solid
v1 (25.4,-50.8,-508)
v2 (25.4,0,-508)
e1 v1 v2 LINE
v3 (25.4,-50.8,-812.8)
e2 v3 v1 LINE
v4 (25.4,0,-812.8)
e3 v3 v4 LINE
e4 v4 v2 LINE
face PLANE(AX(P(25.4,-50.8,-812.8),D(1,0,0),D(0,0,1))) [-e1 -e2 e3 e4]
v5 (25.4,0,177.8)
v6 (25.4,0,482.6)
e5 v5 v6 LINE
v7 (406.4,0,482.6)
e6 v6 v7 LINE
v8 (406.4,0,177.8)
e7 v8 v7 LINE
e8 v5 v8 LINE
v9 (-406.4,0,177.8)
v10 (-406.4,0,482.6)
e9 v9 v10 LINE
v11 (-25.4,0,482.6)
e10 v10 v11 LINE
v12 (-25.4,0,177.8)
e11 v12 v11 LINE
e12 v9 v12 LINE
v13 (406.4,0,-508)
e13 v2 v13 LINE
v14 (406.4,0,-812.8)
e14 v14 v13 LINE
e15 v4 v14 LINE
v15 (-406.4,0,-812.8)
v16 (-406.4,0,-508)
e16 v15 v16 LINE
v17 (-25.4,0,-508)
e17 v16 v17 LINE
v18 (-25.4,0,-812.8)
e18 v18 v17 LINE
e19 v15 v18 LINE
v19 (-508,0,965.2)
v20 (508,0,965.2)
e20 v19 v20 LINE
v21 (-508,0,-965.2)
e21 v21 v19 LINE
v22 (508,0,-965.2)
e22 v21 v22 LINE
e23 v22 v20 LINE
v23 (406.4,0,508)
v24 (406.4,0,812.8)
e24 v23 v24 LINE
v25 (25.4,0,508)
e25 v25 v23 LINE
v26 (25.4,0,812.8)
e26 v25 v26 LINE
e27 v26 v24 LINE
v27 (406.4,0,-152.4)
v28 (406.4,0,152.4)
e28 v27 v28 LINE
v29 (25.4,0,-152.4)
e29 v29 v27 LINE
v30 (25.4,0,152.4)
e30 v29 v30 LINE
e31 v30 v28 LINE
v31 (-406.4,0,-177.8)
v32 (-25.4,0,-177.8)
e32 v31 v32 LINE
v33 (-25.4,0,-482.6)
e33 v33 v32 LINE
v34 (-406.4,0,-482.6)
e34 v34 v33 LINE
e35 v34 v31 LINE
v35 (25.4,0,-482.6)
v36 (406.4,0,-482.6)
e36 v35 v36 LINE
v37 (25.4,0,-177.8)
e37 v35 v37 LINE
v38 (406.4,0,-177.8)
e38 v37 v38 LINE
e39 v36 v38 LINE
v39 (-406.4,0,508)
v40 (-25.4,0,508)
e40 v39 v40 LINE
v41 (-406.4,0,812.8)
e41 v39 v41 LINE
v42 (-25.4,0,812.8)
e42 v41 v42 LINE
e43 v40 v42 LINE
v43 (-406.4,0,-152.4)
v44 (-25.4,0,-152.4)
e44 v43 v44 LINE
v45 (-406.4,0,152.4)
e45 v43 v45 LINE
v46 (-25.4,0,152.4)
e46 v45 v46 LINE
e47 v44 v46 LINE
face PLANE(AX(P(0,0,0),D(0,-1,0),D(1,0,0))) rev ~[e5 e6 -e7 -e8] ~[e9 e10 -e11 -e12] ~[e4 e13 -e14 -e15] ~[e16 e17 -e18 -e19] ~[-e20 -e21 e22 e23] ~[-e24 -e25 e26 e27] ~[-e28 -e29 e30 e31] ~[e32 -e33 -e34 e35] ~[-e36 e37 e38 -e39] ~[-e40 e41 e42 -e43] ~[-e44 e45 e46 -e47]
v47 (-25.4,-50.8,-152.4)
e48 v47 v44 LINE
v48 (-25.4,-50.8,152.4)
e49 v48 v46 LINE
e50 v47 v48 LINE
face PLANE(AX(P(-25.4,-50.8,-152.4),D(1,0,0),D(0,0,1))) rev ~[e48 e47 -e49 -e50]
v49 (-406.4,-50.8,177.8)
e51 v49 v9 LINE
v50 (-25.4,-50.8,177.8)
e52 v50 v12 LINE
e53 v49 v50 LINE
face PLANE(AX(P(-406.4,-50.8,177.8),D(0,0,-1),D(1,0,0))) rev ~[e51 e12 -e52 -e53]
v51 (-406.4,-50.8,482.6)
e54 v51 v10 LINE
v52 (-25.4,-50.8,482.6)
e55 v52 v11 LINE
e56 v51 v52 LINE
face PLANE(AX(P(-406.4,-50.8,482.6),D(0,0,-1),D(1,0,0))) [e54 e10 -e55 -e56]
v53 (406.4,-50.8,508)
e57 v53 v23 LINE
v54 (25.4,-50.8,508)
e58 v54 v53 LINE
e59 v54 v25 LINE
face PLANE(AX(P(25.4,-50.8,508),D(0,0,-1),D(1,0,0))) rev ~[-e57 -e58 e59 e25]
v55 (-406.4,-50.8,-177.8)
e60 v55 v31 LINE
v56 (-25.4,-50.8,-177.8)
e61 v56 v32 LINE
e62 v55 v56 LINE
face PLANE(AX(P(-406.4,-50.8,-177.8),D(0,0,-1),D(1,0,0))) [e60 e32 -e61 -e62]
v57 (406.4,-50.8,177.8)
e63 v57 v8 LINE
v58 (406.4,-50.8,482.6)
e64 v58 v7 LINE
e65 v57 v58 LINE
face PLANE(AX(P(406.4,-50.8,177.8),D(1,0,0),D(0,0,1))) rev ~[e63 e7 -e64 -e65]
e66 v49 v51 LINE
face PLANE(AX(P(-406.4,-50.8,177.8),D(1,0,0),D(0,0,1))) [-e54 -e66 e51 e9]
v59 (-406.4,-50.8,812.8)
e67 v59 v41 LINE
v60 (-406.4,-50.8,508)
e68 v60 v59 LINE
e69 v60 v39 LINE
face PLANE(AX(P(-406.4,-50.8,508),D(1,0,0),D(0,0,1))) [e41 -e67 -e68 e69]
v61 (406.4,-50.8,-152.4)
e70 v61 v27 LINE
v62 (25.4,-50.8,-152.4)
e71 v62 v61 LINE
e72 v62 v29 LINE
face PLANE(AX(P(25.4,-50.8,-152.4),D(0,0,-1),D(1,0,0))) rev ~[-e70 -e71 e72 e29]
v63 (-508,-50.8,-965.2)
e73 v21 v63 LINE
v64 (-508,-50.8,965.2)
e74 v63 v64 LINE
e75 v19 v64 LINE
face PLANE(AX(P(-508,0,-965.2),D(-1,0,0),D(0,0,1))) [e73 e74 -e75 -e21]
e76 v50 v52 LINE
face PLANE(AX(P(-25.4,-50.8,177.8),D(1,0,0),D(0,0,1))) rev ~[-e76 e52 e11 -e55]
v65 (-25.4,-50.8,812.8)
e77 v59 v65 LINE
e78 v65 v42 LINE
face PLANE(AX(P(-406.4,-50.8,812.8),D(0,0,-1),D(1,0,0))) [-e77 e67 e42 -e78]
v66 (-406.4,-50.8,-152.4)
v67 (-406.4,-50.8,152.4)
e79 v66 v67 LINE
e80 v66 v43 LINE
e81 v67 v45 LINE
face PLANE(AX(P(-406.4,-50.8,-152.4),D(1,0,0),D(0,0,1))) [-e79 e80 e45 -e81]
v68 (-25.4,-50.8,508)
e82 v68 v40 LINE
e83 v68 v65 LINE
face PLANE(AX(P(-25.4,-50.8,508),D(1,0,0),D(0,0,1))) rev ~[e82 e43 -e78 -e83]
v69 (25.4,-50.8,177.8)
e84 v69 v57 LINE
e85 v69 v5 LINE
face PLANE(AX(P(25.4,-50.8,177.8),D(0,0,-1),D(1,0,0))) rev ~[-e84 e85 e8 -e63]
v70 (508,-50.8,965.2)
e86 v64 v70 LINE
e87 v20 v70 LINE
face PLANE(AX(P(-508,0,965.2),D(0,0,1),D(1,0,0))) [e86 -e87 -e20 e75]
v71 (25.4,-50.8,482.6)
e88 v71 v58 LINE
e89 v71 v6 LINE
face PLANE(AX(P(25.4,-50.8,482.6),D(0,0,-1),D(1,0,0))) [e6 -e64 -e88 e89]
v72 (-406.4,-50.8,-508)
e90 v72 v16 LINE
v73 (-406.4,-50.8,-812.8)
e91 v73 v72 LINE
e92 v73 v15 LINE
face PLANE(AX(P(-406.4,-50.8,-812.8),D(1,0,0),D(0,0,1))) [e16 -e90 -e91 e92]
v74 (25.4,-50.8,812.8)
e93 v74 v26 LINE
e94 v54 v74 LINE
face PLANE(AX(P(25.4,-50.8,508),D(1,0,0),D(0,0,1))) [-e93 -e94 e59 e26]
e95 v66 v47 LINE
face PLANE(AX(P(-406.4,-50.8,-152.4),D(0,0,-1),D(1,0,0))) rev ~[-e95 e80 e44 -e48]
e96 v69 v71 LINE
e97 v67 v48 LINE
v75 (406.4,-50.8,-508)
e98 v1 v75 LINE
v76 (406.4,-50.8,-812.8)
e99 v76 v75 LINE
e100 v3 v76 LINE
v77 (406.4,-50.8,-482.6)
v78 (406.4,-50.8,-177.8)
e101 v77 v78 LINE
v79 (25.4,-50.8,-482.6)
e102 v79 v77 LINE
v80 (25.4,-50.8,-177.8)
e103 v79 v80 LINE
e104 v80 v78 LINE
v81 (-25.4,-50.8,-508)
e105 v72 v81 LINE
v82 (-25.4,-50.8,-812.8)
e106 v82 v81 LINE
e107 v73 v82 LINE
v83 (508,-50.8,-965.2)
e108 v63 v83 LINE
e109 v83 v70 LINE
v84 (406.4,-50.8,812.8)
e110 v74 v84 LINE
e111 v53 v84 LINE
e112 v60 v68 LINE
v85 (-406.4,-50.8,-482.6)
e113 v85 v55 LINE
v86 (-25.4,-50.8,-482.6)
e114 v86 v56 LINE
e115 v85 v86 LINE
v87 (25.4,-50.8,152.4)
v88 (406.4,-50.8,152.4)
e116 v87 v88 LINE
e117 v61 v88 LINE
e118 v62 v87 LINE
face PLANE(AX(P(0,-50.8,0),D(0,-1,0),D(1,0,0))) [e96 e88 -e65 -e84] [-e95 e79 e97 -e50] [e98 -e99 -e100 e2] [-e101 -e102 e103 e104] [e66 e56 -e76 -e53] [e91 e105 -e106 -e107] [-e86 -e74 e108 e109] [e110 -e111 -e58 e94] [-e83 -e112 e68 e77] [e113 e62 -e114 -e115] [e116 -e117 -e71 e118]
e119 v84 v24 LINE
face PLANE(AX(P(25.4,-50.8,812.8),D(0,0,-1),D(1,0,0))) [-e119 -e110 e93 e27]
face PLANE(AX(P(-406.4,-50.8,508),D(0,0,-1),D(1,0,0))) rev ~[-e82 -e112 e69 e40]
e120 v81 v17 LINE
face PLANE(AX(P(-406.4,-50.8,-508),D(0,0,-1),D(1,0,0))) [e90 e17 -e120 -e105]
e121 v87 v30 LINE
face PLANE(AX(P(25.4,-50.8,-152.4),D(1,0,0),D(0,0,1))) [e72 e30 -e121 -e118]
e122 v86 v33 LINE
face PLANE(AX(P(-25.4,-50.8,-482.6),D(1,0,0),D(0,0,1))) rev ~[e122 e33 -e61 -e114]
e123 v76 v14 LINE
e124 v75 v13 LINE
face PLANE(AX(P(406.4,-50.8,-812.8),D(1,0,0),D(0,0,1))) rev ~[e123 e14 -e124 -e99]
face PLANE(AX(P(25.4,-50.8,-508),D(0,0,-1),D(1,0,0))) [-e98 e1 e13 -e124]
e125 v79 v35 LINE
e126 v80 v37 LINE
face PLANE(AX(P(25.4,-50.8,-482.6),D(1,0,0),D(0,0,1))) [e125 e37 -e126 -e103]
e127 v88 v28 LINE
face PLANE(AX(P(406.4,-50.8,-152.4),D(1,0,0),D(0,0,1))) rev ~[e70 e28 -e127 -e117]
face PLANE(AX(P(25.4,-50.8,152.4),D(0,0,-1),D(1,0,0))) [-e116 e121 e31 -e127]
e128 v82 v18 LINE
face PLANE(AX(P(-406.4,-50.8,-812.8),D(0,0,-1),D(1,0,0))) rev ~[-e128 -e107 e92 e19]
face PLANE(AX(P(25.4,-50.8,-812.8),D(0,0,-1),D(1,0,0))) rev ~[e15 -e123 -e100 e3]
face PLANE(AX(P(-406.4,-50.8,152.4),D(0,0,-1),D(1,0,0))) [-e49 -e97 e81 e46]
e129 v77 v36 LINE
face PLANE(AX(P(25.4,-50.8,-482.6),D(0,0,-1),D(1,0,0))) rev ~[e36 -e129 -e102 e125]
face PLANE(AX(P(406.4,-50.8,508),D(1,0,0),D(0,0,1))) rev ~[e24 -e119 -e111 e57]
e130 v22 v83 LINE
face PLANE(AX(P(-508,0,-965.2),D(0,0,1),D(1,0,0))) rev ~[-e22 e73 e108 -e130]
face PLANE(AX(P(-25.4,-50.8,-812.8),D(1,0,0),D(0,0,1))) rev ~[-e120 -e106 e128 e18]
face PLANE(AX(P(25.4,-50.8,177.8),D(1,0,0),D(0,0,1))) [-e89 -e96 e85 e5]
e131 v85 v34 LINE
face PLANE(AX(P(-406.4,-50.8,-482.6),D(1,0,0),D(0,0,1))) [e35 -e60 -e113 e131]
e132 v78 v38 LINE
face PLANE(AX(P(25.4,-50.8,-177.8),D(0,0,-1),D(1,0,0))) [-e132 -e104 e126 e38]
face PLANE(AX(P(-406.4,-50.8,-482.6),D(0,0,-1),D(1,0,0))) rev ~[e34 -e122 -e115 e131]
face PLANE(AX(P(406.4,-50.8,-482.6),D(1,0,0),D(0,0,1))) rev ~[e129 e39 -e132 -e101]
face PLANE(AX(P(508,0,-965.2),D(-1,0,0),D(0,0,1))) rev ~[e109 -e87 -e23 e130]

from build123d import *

# Parameters (mm, degrees)
F0_W     = 1016
F0_H     = 1930.4
F1_DEPTH = 50.8
F2_W     = 381
F2_H     = 304.8
F3_DEPTH = 50.801


with BuildPart() as f1:
    # F0 (on Front) → F1 (new body)
    with BuildSketch(Plane.XZ):
        Rectangle(F0_W, F0_H)
    extrude(amount=F1_DEPTH)

    # F2 (on face) → F3 (cut, through all)
    with BuildSketch(Plane.XZ.offset(50.8)):
        with Locations((-215.9, 660.4)):
            Rectangle(F2_W, F2_H)
        with Locations((-215.9, 330.2)):
            Rectangle(F2_W, F2_H)
        with Locations((-215.9, 0)):
            Rectangle(F2_W, F2_H)
        with Locations((-215.9, -330.2)):
            Rectangle(F2_W, F2_H)
        with Locations((-215.9, -660.4)):
            Rectangle(F2_W, F2_H)
        with Locations((215.9, 330.2)):
            Rectangle(F2_W, F2_H)
        with Locations((215.9, 660.4)):
            Rectangle(F2_W, F2_H)
        with Locations((215.9, 0)):
            Rectangle(F2_W, F2_H)
        with Locations((215.9, -330.2)):
            Rectangle(F2_W, F2_H)
        with Locations((215.9, -660.4)):
            Rectangle(F2_W, F2_H)
    extrude(amount=-F3_DEPTH, mode=Mode.SUBTRACT)


solid = f1.part
